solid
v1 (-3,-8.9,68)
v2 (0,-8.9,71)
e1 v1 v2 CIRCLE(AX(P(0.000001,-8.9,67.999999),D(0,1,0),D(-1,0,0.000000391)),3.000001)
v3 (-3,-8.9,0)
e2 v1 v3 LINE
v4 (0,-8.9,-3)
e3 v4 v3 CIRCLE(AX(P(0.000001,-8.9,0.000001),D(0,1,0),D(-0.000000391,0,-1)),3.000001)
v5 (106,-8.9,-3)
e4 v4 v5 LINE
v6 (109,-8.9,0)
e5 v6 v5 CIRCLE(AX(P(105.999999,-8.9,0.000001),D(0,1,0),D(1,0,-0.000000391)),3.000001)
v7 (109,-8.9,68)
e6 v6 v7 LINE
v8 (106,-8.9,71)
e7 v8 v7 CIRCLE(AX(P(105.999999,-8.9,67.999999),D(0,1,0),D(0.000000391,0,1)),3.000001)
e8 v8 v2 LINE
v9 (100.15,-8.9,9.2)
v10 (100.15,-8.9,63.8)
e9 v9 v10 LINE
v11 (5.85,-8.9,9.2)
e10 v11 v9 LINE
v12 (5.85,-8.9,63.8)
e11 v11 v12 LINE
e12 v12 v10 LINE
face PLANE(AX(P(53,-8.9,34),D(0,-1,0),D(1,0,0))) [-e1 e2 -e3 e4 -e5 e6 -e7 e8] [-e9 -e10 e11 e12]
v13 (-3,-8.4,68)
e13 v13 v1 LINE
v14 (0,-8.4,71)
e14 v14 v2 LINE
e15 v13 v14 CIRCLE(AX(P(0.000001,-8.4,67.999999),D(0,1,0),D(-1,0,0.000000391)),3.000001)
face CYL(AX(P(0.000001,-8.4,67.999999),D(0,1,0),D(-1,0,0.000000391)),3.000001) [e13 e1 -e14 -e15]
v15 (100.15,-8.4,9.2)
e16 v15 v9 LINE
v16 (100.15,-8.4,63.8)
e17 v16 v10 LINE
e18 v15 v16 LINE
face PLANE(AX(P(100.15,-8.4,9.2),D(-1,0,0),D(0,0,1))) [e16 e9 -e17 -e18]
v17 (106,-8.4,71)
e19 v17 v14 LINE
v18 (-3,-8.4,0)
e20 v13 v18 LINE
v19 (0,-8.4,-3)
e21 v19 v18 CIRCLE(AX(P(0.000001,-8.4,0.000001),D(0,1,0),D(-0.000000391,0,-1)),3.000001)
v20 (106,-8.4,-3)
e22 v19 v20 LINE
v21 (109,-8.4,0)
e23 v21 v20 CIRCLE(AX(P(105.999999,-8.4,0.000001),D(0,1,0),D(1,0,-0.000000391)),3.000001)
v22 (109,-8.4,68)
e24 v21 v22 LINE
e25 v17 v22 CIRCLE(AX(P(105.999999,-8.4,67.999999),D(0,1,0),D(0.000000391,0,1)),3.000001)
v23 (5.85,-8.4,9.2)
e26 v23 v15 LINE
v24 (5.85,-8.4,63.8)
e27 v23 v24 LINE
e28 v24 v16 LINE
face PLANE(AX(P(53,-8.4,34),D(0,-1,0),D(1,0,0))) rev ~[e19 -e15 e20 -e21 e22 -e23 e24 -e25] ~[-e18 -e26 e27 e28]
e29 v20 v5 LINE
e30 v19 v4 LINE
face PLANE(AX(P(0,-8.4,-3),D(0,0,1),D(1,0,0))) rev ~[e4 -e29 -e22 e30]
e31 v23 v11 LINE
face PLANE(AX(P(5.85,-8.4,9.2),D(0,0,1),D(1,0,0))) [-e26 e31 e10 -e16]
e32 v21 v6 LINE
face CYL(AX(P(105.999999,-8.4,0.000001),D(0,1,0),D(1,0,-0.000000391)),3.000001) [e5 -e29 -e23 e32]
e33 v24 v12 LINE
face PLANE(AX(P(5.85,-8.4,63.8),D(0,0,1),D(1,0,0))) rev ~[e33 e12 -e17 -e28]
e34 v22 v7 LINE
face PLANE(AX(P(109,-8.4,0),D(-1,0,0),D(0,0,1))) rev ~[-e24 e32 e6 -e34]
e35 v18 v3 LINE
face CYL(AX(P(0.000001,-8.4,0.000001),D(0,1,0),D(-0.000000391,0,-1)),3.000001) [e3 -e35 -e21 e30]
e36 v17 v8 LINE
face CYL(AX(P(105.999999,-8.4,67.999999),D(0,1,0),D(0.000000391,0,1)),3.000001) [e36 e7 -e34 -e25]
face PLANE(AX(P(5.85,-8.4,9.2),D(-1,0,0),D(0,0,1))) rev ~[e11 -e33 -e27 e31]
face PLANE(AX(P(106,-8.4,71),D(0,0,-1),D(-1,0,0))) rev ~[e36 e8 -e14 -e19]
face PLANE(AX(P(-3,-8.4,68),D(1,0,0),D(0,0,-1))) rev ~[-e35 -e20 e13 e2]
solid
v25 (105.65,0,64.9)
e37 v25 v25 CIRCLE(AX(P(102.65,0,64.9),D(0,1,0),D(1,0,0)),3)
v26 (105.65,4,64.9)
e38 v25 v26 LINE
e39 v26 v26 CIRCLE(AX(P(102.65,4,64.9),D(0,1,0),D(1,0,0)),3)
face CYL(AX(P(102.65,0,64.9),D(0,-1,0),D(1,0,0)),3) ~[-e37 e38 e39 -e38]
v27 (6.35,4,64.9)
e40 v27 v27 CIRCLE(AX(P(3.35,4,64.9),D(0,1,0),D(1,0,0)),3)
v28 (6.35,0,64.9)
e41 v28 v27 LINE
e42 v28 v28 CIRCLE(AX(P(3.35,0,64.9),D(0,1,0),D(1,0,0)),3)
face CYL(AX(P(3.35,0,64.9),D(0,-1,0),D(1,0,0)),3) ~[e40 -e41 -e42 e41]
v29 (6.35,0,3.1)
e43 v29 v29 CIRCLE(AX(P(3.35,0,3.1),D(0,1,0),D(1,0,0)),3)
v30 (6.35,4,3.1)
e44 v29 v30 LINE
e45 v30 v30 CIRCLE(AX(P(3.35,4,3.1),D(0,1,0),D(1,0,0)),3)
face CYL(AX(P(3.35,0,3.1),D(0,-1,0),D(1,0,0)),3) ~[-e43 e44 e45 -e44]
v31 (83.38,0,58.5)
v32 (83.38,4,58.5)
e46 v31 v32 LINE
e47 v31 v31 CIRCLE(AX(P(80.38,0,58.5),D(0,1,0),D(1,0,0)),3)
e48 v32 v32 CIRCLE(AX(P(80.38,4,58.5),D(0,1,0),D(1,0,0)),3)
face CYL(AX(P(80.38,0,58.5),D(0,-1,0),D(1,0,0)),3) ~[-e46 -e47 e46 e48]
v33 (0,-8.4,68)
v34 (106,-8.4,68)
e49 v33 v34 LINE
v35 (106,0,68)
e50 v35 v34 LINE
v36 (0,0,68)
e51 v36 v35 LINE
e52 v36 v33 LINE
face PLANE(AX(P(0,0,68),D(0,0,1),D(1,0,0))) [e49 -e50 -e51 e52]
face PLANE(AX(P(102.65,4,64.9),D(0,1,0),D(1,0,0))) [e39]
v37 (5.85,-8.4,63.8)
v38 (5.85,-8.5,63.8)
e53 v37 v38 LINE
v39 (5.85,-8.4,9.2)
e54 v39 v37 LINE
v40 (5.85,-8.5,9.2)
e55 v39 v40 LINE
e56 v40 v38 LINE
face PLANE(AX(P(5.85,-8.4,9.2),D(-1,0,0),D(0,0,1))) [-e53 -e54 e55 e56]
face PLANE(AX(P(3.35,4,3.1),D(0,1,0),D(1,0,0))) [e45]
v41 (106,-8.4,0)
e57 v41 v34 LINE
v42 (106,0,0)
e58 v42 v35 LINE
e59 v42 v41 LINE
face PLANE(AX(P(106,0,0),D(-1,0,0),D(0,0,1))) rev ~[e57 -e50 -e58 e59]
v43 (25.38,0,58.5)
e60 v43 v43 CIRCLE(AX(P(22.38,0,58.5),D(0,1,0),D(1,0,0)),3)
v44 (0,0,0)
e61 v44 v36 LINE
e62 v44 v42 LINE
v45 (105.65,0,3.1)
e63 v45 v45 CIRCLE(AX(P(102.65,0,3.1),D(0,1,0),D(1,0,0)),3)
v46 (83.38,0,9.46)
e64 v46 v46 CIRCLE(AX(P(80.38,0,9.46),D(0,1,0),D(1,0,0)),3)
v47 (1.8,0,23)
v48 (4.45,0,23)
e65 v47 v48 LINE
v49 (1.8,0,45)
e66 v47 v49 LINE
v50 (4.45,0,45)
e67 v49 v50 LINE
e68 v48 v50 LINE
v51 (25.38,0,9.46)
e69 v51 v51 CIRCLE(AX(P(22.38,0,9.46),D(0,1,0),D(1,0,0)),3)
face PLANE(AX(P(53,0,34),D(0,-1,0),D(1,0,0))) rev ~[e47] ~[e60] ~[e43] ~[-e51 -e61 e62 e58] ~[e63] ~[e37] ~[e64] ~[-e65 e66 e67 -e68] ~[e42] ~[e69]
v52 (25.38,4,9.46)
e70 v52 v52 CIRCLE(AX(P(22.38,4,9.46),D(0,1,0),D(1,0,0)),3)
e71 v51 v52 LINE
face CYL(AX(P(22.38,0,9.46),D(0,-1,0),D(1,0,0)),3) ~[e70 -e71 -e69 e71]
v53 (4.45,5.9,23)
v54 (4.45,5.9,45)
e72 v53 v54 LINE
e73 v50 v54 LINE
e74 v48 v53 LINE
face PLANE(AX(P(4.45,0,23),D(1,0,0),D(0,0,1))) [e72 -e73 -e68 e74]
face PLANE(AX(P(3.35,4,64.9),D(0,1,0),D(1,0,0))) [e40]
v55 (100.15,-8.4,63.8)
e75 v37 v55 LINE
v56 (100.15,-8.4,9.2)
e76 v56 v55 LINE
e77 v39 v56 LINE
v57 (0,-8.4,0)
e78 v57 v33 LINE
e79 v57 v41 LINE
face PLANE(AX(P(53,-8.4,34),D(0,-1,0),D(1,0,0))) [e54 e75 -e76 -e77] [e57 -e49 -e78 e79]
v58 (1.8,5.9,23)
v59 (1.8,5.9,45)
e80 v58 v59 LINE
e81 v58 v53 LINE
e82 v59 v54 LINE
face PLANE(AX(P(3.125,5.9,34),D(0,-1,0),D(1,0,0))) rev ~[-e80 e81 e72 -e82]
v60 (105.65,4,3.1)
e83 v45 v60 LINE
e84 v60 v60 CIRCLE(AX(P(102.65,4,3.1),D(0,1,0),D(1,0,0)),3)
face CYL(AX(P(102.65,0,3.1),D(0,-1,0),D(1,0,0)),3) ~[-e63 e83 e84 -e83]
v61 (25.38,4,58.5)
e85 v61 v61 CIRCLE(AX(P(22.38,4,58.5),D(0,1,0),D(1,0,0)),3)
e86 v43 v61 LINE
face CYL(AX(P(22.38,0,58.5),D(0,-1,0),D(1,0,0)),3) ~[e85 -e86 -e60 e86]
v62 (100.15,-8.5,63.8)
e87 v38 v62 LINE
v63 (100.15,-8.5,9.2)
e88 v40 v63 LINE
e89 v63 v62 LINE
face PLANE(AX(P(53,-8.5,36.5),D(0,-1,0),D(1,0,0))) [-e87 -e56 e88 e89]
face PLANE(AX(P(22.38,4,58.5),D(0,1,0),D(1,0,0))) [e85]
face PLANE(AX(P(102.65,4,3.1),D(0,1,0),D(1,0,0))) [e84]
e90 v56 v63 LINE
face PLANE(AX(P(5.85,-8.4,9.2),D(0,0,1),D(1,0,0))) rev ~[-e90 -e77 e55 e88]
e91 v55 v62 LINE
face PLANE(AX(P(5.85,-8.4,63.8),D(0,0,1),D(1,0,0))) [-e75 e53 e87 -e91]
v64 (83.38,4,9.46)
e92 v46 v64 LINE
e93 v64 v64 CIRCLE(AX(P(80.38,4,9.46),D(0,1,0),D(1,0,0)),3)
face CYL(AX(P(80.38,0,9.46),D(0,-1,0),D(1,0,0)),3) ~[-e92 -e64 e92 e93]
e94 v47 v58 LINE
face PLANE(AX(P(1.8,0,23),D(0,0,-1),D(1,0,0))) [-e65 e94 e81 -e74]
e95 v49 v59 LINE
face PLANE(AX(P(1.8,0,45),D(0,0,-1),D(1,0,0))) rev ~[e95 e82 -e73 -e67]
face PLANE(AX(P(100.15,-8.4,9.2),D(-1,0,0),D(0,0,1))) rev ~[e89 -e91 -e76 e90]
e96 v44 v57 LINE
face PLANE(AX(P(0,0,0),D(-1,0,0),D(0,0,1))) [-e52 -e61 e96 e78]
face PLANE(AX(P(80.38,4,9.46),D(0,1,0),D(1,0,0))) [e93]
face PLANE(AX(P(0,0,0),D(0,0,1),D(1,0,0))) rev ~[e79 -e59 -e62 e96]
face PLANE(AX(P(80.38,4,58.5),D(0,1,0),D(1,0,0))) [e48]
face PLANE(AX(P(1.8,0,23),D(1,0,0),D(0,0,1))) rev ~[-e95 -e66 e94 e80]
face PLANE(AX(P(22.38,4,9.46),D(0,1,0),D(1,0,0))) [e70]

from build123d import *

# Parameters (mm, degrees)
SKETCH_W     = 106
SKETCH_H     = 68
PAD_DEPTH    = 8.4
SKETCH001_R  = 3
PAD001_DEPTH = 4
SKETCH002_W  = 2.65
SKETCH002_H  = 22
PAD002_DEPTH = 5.9
SKETCH003_W  = 94.3
SKETCH003_H  = 54.6
PAD003_DEPTH = 0.1
SKETCH005_W  = 94.3
SKETCH005_H  = 54.6
PAD004_DEPTH = 0.5


with BuildPart() as lcd:
    # Sketch → Pad (new body)
    with BuildSketch(Plane.XZ):
        with Locations((53, 34)):
            Rectangle(SKETCH_W, SKETCH_H)
    extrude(amount=PAD_DEPTH)

    # Sketch001 (on Face5 of Pad) → Pad001 (join)
    with BuildSketch(Plane(origin=(0, 0, 0), x_dir=(1, 0, 0), z_dir=(0, 1, 0))):
        with Locations((3.35, -64.9)):
            Circle(SKETCH001_R)
        with Locations((102.65, -64.9)):
            Circle(SKETCH001_R)
        with Locations((102.65, -3.1)):
            Circle(SKETCH001_R)
        with Locations((3.35, -3.1)):
            Circle(SKETCH001_R)
        with Locations((80.38, -9.46)):
            Circle(SKETCH001_R)
        with Locations((80.38, -58.5)):
            Circle(SKETCH001_R)
        with Locations((22.38, -9.46)):
            Circle(SKETCH001_R)
        with Locations((22.38, -58.5)):
            Circle(SKETCH001_R)
    extrude(amount=PAD001_DEPTH)

    # Sketch002 → Pad002 (join)
    with BuildSketch(Plane.XZ):
        with Locations((3.125, 34)):
            Rectangle(SKETCH002_W, SKETCH002_H)
    extrude(amount=-PAD002_DEPTH)

    # Sketch003 (on Face5 of Pad002) → Pad003 (join)
    with BuildSketch(Plane.XZ.offset(8.4)):
        with Locations((53, 36.5)):
            Rectangle(SKETCH003_W, SKETCH003_H)
    extrude(amount=PAD003_DEPTH)


with BuildPart() as body:
    # Sketch005 (on Face1 of CopyBinder) → Pad004 (new body)
    with BuildSketch(Plane.XZ.offset(8.4)):
        with BuildLine():
            Line((-3, 68), (-3, 0))
            ThreePointArc((0, -3), (-2.12132, -2.12132), (-3, 0))
            Line((0, -3), (106, -3))
            ThreePointArc((109, 0), (108.12132, -2.12132), (106, -3))
            Line((109, 0), (109, 68))
            ThreePointArc((106, 71), (108.12132, 70.12132), (109, 68))
            Line((106, 71), (0, 71))
            ThreePointArc((-3, 68), (-2.12132, 70.12132), (0, 71))
        make_face()
        with Locations((53, 36.5)):
            Rectangle(SKETCH005_W, SKETCH005_H, mode=Mode.SUBTRACT)
    extrude(amount=PAD004_DEPTH)


solid = Compound([lcd.part, body.part])
